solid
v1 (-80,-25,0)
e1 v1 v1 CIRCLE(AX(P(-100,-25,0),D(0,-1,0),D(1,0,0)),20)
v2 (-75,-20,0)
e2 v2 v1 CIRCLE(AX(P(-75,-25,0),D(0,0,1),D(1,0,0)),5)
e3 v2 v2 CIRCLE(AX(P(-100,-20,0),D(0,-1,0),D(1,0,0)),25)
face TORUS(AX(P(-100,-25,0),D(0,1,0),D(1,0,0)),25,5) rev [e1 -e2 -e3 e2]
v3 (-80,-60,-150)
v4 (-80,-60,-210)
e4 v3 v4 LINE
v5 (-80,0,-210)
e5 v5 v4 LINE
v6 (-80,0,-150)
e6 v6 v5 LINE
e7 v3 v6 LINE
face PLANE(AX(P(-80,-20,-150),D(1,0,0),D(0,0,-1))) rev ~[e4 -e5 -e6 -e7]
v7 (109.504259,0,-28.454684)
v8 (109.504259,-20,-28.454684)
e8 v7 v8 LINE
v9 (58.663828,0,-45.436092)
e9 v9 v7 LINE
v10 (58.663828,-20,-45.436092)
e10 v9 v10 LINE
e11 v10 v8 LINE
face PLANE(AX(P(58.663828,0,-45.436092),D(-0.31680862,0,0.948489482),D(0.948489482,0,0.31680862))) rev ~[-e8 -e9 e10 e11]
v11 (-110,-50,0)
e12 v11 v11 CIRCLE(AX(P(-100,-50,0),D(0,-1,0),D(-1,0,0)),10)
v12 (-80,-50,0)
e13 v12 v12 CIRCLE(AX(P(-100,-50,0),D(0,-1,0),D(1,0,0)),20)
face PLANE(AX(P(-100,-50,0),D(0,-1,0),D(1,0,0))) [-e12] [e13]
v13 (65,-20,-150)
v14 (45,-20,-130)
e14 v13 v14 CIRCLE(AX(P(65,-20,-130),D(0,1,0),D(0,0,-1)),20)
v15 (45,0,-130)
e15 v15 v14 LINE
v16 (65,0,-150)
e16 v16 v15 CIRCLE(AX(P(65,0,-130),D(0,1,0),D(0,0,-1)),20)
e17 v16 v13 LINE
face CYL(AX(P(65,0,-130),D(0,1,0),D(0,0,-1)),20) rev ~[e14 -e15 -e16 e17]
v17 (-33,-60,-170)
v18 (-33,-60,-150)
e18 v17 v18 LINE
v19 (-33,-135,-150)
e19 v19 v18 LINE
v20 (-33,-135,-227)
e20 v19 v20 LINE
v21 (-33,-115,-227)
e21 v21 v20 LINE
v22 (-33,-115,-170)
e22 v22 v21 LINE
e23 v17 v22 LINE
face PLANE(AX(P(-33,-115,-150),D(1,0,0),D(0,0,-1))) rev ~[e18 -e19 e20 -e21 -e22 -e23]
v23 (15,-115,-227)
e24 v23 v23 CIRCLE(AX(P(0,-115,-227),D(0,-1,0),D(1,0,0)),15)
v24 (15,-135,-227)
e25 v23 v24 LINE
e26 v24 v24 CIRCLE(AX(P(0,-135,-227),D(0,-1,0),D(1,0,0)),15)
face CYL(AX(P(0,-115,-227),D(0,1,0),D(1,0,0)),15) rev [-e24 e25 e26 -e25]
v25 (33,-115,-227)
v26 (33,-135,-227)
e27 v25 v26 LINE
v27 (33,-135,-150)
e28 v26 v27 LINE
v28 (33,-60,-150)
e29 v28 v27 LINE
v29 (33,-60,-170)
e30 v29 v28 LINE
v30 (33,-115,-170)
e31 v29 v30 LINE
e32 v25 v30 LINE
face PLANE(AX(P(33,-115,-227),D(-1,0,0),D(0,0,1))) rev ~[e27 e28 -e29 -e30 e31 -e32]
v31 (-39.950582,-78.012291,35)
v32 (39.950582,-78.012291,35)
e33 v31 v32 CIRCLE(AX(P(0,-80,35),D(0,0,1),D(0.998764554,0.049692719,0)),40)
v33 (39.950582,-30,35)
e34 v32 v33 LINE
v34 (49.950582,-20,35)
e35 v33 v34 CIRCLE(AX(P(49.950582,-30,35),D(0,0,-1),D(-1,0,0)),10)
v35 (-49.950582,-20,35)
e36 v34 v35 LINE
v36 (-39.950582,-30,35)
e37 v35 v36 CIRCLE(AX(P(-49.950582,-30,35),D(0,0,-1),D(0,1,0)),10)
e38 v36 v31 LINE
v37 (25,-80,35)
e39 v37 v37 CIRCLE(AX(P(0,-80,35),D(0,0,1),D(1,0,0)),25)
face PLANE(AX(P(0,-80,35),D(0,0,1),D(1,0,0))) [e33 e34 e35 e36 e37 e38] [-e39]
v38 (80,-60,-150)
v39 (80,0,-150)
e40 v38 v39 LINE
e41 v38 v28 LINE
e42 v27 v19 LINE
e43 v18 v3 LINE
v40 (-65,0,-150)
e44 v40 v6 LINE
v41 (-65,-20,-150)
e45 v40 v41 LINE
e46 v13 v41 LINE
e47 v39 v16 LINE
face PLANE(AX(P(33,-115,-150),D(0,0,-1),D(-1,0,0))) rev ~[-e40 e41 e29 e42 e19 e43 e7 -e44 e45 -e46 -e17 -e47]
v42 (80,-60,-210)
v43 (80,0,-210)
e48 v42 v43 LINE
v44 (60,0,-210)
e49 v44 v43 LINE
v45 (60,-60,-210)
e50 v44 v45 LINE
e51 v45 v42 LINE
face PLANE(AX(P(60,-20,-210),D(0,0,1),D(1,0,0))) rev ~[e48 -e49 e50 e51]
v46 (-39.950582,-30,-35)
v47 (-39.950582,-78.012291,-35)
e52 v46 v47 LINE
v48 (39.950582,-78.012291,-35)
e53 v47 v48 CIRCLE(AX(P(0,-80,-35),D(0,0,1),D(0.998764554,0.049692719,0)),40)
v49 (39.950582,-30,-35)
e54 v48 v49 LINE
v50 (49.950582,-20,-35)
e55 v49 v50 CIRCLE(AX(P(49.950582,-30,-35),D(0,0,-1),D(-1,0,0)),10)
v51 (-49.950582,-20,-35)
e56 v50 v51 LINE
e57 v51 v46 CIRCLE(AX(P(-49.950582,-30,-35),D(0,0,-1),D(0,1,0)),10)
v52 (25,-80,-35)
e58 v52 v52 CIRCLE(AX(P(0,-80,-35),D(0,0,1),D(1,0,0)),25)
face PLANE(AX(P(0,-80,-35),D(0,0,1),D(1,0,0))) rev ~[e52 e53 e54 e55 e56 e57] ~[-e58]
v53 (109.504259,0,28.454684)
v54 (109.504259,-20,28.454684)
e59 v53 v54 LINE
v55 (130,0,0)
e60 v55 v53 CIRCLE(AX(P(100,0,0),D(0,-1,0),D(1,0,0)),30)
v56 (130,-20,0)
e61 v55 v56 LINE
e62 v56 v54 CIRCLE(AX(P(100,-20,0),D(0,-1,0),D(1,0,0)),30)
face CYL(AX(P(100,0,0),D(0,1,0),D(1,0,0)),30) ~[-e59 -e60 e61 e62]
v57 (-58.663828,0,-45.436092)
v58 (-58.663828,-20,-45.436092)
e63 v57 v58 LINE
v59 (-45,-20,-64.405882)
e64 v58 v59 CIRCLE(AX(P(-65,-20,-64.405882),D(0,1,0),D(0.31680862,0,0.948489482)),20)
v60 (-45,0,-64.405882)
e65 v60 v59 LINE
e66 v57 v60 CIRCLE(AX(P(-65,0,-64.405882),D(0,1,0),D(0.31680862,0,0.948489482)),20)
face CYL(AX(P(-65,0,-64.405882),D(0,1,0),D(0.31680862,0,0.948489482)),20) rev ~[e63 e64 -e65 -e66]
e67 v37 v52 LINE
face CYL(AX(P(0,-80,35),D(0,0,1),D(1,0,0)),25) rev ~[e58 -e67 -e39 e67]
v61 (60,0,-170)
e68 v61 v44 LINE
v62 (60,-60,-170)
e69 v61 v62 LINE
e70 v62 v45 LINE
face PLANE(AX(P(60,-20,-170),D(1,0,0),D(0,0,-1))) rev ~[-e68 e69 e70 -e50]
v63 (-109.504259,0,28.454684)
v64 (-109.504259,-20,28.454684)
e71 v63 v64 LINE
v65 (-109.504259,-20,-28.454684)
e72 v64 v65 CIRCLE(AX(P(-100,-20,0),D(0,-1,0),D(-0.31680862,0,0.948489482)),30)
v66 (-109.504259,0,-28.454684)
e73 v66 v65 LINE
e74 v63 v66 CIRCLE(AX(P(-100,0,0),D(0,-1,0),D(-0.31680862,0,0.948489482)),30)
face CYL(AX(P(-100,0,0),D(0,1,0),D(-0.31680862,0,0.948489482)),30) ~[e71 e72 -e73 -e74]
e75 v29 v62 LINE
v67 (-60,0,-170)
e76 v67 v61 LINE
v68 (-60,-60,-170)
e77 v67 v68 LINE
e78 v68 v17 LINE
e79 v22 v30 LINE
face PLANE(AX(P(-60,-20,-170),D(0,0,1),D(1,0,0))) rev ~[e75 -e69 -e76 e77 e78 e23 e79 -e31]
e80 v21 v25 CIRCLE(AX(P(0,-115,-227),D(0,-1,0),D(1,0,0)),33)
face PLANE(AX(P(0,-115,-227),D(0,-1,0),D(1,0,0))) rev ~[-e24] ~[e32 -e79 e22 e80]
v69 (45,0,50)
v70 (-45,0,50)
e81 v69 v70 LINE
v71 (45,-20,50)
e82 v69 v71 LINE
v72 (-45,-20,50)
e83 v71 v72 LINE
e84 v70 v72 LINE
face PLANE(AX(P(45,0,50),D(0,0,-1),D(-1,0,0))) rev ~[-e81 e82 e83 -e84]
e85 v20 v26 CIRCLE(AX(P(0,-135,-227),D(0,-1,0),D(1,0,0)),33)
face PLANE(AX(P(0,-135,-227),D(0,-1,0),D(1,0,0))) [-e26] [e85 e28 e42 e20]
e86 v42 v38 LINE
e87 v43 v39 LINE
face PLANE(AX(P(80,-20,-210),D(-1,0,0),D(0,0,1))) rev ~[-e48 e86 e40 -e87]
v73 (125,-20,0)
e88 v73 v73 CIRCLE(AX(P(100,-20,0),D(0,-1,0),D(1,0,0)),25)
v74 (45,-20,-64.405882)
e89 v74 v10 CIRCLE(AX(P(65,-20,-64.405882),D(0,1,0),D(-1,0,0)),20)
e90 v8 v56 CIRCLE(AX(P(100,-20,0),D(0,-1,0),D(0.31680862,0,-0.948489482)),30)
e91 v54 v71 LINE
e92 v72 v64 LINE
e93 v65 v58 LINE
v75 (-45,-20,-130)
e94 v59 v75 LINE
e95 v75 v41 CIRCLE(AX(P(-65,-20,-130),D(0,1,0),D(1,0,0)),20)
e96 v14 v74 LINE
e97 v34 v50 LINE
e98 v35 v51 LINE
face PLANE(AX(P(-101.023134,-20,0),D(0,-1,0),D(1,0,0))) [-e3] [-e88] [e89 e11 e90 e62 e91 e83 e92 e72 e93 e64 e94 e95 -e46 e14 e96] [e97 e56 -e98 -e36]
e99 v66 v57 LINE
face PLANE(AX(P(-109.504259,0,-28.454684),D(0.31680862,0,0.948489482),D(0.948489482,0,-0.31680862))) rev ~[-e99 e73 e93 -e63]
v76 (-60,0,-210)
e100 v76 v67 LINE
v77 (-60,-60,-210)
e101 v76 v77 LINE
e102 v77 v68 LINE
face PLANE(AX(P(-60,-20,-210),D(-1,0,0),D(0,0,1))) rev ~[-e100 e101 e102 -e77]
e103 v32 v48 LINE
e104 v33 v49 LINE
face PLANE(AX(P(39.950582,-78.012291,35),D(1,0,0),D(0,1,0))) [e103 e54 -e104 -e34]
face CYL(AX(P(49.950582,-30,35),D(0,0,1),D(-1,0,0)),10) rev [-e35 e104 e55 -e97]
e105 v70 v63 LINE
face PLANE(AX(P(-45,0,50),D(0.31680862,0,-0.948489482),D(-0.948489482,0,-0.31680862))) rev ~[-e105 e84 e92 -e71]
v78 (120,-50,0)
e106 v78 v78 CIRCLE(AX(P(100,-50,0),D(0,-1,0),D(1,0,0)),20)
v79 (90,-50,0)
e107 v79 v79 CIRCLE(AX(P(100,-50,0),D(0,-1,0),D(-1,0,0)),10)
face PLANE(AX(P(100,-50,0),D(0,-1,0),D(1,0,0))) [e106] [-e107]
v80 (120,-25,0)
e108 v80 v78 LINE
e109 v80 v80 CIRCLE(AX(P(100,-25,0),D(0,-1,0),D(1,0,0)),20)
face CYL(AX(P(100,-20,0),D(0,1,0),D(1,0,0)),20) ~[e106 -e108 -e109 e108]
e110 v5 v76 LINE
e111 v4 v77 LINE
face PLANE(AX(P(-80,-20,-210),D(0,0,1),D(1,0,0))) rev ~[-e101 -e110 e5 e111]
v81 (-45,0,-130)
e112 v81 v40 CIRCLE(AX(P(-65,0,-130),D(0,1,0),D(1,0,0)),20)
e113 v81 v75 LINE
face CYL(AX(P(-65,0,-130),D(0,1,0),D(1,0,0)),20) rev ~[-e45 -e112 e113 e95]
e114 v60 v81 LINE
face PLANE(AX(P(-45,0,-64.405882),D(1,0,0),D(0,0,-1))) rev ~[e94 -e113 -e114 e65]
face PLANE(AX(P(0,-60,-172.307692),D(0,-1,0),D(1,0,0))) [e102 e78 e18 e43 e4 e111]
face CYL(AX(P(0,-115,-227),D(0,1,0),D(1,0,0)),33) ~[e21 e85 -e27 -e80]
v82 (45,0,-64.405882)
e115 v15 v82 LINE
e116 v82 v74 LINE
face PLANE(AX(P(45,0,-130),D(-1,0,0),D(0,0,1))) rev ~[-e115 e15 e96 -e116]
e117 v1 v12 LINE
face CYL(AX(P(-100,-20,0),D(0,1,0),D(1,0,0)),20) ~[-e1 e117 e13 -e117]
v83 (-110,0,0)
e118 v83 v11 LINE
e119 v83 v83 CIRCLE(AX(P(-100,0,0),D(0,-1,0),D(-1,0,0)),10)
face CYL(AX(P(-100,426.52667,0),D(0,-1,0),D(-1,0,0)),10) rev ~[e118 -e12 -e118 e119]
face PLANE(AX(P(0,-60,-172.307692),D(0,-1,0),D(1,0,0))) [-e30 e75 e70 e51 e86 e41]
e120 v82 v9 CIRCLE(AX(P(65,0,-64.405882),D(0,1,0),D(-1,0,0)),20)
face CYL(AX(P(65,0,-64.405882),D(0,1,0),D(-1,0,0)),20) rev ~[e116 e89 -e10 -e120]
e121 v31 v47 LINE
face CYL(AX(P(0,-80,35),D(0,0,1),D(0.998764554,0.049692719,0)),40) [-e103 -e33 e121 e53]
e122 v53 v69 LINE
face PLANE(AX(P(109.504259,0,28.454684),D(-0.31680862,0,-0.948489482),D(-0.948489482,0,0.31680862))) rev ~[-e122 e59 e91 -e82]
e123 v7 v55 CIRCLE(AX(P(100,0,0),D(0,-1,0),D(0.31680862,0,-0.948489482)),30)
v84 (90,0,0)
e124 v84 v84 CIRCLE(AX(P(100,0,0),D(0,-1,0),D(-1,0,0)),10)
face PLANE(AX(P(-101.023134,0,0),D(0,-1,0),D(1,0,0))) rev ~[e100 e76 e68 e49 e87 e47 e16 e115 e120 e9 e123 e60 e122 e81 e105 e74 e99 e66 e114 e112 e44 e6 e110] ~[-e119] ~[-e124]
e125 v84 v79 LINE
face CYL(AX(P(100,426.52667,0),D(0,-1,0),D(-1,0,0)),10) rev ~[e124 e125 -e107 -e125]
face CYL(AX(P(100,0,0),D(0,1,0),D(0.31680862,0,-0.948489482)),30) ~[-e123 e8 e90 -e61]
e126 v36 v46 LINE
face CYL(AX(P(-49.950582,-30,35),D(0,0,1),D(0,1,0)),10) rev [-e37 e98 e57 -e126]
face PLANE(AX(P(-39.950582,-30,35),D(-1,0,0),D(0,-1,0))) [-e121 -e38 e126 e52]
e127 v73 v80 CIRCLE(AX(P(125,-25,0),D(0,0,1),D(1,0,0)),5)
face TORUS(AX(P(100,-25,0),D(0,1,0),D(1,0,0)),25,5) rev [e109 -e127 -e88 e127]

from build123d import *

# Parameters (mm, degrees)
F1_DEPTH  = 20
F2_R      = 20
F3_DEPTH  = 30
F4_DEPTH  = 40
F5_W      = 33
F5_H      = 20
F6_DEPTH  = 55
F7_R      = 15
F8_DEPTH  = 20
F9_D      = 20
F11_R     = 25
F12_DEPTH = 70
F13_R     = 5


with BuildPart() as f1:
    # F0 (on Front) → F1 (new body)
    with BuildSketch(Plane.XZ):
        with BuildLine():
            ThreePointArc((-109.5042586091, -28.4546844701), (-82.4661435827, -24.3426350081), (-70, 0))
            ThreePointArc((-70, 0), (-82.4661435827, 24.3426350081), (-109.5042586091, 28.4546844701))
            ThreePointArc((-109.5042586091, 28.4546844701), (-130, 0), (-109.5042586091, -28.4546844701))
        make_face()
        with BuildLine():
            ThreePointArc((-109.5042586091, 28.4546844701), (-82.4661435827, 24.3426350081), (-70, 0))
            ThreePointArc((-70, 0), (-82.4661435827, -24.3426350081), (-109.5042586091, -28.4546844701))
            Line((-109.5042586091, -28.4546844701), (-58.6638275939, -45.4360923882))
            ThreePointArc((-58.6638275939, -45.4360923882), (-48.7715766613, -52.7166444234), (-45, -64.4058820349))
            Line((-45, -64.4058820349), (-45, -130))
            ThreePointArc((-45, -130), (-50.8578643763, -144.1421356237), (-65, -150))
            Line((-65, -150), (-80, -150))
            Line((-80, -150), (-80, -210))
            Line((-80, -210), (-60, -210))
            Line((-60, -210), (-60, -170))
            Line((-60, -170), (60, -170))
            Line((60, -170), (60, -210))
            Line((60, -210), (80, -210))
            Line((80, -210), (80, -150))
            Line((80, -150), (65, -150))
            ThreePointArc((65, -150), (50.8578643763, -144.1421356237), (45, -130))
            Line((45, -130), (45, -64.4058820349))
            ThreePointArc((45, -64.4058820349), (48.7715766613, -52.7166444234), (58.6638275939, -45.4360923882))
            Line((58.6638275939, -45.4360923882), (109.5042586091, -28.4546844701))
            ThreePointArc((109.5042586091, -28.4546844701), (70, 0), (109.5042586091, 28.4546844701))
            Line((109.5042586091, 28.4546844701), (45, 50))
            Line((45, 50), (0, 50))
            Line((0, 50), (-45, 50))
            Line((-45, 50), (-109.5042586091, 28.4546844701))
        make_face()
        with BuildLine():
            ThreePointArc((130, 0), (124.3426350081, 17.5338564173), (109.5042586091, 28.4546844701))
            ThreePointArc((109.5042586091, 28.4546844701), (70, 0), (109.5042586091, -28.4546844701))
            ThreePointArc((109.5042586091, -28.4546844701), (124.3426350081, -17.5338564173), (130, 0))
        make_face()
    extrude(amount=F1_DEPTH)

    # F2 (on face) → F3 (join)
    with BuildSketch(Plane.XZ.offset(20)):
        with Locations((100, 0)):
            Circle(F2_R)
        with Locations((-100, 0)):
            Circle(F2_R)
    extrude(amount=F3_DEPTH)

    # F2 (on face) → F4 (join)
    with BuildSketch(Plane.XZ.offset(20)):
        Polygon((-65, -150), (-80, -150), (-80, -210), (-60, -210), (-60, -170), (60, -170), (60, -210), (80, -210), (80, -150), (65, -150), align=None)
    extrude(amount=F4_DEPTH)

    # F5 (on face) → F6 (join)
    with BuildSketch(Plane.XZ.offset(60)):
        with Locations((16.5, -160)):
            Rectangle(F5_W, F5_H)
        with Locations((-16.5, -160)):
            Rectangle(F5_W, F5_H)
    extrude(amount=F6_DEPTH)

    # F7 (on face) → F8 (join)
    with BuildSketch(Plane.XZ.offset(115)):
        with BuildLine():
            ThreePointArc((-33, -227), (0, -260), (33, -227))
            ThreePointArc((33, -227), (0, -194), (-33, -227))
        make_face()
        with Locations((0, -227)):
            Circle(F7_R, mode=Mode.SUBTRACT)
        with BuildLine():
            ThreePointArc((-33, -227), (0, -194), (33, -227))
            Line((33, -227), (33, -170))
            Line((33, -170), (33, -150))
            Line((33, -150), (-33, -150))
            Line((-33, -150), (-33, -170))
            Line((-33, -170), (-33, -227))
        make_face()
    extrude(amount=F8_DEPTH)

    # F9 (through all)
    with Locations(Plane(origin=(0, 0, 0), x_dir=(1, 0, 0), z_dir=(0, 1, 0))):
        with Locations((100, 0), (-100, 0)):
            Hole(F9_D / 2)

    # F11 (on offset) → F12 (join)
    with BuildSketch(Plane.XY.offset(35)):
        with BuildLine():
            ThreePointArc((-39.9505821476, -78.0122912513), (-0.9941614801, -119.9876436284), (40, -80))
            ThreePointArc((40, -80), (39.9876436284, -79.0058385199), (39.9505821476, -78.0122912513))
            ThreePointArc((39.9505821476, -78.0122912513), (0, -40), (-39.9505821476, -78.0122912513))
        make_face()
        with Locations((0, -80)):
            Circle(F11_R, mode=Mode.SUBTRACT)
        with BuildLine():
            ThreePointArc((-39.9505821476, -78.0122912513), (0, -40), (39.9505821476, -78.0122912513))
            Line((39.9505821476, -78.0122912513), (39.9505821476, -30))
            ThreePointArc((39.9505821476, -30), (42.8795143357, -22.9289321881), (49.9505821476, -20))
            Line((49.9505821476, -20), (-49.9505821476, -20))
            ThreePointArc((-49.9505821476, -20), (-42.8795143357, -22.9289321881), (-39.9505821476, -30))
            Line((-39.9505821476, -30), (-39.9505821476, -78.0122912513))
        make_face()
    extrude(amount=-F12_DEPTH)

    # F13
    f13_edges = [f1.edges().sort_by_distance(p)[0] for p in [
        (-120, -20, 0),
        (80, -20, 0),
    ]]
    fillet(f13_edges, radius=F13_R)


solid = f1.part
